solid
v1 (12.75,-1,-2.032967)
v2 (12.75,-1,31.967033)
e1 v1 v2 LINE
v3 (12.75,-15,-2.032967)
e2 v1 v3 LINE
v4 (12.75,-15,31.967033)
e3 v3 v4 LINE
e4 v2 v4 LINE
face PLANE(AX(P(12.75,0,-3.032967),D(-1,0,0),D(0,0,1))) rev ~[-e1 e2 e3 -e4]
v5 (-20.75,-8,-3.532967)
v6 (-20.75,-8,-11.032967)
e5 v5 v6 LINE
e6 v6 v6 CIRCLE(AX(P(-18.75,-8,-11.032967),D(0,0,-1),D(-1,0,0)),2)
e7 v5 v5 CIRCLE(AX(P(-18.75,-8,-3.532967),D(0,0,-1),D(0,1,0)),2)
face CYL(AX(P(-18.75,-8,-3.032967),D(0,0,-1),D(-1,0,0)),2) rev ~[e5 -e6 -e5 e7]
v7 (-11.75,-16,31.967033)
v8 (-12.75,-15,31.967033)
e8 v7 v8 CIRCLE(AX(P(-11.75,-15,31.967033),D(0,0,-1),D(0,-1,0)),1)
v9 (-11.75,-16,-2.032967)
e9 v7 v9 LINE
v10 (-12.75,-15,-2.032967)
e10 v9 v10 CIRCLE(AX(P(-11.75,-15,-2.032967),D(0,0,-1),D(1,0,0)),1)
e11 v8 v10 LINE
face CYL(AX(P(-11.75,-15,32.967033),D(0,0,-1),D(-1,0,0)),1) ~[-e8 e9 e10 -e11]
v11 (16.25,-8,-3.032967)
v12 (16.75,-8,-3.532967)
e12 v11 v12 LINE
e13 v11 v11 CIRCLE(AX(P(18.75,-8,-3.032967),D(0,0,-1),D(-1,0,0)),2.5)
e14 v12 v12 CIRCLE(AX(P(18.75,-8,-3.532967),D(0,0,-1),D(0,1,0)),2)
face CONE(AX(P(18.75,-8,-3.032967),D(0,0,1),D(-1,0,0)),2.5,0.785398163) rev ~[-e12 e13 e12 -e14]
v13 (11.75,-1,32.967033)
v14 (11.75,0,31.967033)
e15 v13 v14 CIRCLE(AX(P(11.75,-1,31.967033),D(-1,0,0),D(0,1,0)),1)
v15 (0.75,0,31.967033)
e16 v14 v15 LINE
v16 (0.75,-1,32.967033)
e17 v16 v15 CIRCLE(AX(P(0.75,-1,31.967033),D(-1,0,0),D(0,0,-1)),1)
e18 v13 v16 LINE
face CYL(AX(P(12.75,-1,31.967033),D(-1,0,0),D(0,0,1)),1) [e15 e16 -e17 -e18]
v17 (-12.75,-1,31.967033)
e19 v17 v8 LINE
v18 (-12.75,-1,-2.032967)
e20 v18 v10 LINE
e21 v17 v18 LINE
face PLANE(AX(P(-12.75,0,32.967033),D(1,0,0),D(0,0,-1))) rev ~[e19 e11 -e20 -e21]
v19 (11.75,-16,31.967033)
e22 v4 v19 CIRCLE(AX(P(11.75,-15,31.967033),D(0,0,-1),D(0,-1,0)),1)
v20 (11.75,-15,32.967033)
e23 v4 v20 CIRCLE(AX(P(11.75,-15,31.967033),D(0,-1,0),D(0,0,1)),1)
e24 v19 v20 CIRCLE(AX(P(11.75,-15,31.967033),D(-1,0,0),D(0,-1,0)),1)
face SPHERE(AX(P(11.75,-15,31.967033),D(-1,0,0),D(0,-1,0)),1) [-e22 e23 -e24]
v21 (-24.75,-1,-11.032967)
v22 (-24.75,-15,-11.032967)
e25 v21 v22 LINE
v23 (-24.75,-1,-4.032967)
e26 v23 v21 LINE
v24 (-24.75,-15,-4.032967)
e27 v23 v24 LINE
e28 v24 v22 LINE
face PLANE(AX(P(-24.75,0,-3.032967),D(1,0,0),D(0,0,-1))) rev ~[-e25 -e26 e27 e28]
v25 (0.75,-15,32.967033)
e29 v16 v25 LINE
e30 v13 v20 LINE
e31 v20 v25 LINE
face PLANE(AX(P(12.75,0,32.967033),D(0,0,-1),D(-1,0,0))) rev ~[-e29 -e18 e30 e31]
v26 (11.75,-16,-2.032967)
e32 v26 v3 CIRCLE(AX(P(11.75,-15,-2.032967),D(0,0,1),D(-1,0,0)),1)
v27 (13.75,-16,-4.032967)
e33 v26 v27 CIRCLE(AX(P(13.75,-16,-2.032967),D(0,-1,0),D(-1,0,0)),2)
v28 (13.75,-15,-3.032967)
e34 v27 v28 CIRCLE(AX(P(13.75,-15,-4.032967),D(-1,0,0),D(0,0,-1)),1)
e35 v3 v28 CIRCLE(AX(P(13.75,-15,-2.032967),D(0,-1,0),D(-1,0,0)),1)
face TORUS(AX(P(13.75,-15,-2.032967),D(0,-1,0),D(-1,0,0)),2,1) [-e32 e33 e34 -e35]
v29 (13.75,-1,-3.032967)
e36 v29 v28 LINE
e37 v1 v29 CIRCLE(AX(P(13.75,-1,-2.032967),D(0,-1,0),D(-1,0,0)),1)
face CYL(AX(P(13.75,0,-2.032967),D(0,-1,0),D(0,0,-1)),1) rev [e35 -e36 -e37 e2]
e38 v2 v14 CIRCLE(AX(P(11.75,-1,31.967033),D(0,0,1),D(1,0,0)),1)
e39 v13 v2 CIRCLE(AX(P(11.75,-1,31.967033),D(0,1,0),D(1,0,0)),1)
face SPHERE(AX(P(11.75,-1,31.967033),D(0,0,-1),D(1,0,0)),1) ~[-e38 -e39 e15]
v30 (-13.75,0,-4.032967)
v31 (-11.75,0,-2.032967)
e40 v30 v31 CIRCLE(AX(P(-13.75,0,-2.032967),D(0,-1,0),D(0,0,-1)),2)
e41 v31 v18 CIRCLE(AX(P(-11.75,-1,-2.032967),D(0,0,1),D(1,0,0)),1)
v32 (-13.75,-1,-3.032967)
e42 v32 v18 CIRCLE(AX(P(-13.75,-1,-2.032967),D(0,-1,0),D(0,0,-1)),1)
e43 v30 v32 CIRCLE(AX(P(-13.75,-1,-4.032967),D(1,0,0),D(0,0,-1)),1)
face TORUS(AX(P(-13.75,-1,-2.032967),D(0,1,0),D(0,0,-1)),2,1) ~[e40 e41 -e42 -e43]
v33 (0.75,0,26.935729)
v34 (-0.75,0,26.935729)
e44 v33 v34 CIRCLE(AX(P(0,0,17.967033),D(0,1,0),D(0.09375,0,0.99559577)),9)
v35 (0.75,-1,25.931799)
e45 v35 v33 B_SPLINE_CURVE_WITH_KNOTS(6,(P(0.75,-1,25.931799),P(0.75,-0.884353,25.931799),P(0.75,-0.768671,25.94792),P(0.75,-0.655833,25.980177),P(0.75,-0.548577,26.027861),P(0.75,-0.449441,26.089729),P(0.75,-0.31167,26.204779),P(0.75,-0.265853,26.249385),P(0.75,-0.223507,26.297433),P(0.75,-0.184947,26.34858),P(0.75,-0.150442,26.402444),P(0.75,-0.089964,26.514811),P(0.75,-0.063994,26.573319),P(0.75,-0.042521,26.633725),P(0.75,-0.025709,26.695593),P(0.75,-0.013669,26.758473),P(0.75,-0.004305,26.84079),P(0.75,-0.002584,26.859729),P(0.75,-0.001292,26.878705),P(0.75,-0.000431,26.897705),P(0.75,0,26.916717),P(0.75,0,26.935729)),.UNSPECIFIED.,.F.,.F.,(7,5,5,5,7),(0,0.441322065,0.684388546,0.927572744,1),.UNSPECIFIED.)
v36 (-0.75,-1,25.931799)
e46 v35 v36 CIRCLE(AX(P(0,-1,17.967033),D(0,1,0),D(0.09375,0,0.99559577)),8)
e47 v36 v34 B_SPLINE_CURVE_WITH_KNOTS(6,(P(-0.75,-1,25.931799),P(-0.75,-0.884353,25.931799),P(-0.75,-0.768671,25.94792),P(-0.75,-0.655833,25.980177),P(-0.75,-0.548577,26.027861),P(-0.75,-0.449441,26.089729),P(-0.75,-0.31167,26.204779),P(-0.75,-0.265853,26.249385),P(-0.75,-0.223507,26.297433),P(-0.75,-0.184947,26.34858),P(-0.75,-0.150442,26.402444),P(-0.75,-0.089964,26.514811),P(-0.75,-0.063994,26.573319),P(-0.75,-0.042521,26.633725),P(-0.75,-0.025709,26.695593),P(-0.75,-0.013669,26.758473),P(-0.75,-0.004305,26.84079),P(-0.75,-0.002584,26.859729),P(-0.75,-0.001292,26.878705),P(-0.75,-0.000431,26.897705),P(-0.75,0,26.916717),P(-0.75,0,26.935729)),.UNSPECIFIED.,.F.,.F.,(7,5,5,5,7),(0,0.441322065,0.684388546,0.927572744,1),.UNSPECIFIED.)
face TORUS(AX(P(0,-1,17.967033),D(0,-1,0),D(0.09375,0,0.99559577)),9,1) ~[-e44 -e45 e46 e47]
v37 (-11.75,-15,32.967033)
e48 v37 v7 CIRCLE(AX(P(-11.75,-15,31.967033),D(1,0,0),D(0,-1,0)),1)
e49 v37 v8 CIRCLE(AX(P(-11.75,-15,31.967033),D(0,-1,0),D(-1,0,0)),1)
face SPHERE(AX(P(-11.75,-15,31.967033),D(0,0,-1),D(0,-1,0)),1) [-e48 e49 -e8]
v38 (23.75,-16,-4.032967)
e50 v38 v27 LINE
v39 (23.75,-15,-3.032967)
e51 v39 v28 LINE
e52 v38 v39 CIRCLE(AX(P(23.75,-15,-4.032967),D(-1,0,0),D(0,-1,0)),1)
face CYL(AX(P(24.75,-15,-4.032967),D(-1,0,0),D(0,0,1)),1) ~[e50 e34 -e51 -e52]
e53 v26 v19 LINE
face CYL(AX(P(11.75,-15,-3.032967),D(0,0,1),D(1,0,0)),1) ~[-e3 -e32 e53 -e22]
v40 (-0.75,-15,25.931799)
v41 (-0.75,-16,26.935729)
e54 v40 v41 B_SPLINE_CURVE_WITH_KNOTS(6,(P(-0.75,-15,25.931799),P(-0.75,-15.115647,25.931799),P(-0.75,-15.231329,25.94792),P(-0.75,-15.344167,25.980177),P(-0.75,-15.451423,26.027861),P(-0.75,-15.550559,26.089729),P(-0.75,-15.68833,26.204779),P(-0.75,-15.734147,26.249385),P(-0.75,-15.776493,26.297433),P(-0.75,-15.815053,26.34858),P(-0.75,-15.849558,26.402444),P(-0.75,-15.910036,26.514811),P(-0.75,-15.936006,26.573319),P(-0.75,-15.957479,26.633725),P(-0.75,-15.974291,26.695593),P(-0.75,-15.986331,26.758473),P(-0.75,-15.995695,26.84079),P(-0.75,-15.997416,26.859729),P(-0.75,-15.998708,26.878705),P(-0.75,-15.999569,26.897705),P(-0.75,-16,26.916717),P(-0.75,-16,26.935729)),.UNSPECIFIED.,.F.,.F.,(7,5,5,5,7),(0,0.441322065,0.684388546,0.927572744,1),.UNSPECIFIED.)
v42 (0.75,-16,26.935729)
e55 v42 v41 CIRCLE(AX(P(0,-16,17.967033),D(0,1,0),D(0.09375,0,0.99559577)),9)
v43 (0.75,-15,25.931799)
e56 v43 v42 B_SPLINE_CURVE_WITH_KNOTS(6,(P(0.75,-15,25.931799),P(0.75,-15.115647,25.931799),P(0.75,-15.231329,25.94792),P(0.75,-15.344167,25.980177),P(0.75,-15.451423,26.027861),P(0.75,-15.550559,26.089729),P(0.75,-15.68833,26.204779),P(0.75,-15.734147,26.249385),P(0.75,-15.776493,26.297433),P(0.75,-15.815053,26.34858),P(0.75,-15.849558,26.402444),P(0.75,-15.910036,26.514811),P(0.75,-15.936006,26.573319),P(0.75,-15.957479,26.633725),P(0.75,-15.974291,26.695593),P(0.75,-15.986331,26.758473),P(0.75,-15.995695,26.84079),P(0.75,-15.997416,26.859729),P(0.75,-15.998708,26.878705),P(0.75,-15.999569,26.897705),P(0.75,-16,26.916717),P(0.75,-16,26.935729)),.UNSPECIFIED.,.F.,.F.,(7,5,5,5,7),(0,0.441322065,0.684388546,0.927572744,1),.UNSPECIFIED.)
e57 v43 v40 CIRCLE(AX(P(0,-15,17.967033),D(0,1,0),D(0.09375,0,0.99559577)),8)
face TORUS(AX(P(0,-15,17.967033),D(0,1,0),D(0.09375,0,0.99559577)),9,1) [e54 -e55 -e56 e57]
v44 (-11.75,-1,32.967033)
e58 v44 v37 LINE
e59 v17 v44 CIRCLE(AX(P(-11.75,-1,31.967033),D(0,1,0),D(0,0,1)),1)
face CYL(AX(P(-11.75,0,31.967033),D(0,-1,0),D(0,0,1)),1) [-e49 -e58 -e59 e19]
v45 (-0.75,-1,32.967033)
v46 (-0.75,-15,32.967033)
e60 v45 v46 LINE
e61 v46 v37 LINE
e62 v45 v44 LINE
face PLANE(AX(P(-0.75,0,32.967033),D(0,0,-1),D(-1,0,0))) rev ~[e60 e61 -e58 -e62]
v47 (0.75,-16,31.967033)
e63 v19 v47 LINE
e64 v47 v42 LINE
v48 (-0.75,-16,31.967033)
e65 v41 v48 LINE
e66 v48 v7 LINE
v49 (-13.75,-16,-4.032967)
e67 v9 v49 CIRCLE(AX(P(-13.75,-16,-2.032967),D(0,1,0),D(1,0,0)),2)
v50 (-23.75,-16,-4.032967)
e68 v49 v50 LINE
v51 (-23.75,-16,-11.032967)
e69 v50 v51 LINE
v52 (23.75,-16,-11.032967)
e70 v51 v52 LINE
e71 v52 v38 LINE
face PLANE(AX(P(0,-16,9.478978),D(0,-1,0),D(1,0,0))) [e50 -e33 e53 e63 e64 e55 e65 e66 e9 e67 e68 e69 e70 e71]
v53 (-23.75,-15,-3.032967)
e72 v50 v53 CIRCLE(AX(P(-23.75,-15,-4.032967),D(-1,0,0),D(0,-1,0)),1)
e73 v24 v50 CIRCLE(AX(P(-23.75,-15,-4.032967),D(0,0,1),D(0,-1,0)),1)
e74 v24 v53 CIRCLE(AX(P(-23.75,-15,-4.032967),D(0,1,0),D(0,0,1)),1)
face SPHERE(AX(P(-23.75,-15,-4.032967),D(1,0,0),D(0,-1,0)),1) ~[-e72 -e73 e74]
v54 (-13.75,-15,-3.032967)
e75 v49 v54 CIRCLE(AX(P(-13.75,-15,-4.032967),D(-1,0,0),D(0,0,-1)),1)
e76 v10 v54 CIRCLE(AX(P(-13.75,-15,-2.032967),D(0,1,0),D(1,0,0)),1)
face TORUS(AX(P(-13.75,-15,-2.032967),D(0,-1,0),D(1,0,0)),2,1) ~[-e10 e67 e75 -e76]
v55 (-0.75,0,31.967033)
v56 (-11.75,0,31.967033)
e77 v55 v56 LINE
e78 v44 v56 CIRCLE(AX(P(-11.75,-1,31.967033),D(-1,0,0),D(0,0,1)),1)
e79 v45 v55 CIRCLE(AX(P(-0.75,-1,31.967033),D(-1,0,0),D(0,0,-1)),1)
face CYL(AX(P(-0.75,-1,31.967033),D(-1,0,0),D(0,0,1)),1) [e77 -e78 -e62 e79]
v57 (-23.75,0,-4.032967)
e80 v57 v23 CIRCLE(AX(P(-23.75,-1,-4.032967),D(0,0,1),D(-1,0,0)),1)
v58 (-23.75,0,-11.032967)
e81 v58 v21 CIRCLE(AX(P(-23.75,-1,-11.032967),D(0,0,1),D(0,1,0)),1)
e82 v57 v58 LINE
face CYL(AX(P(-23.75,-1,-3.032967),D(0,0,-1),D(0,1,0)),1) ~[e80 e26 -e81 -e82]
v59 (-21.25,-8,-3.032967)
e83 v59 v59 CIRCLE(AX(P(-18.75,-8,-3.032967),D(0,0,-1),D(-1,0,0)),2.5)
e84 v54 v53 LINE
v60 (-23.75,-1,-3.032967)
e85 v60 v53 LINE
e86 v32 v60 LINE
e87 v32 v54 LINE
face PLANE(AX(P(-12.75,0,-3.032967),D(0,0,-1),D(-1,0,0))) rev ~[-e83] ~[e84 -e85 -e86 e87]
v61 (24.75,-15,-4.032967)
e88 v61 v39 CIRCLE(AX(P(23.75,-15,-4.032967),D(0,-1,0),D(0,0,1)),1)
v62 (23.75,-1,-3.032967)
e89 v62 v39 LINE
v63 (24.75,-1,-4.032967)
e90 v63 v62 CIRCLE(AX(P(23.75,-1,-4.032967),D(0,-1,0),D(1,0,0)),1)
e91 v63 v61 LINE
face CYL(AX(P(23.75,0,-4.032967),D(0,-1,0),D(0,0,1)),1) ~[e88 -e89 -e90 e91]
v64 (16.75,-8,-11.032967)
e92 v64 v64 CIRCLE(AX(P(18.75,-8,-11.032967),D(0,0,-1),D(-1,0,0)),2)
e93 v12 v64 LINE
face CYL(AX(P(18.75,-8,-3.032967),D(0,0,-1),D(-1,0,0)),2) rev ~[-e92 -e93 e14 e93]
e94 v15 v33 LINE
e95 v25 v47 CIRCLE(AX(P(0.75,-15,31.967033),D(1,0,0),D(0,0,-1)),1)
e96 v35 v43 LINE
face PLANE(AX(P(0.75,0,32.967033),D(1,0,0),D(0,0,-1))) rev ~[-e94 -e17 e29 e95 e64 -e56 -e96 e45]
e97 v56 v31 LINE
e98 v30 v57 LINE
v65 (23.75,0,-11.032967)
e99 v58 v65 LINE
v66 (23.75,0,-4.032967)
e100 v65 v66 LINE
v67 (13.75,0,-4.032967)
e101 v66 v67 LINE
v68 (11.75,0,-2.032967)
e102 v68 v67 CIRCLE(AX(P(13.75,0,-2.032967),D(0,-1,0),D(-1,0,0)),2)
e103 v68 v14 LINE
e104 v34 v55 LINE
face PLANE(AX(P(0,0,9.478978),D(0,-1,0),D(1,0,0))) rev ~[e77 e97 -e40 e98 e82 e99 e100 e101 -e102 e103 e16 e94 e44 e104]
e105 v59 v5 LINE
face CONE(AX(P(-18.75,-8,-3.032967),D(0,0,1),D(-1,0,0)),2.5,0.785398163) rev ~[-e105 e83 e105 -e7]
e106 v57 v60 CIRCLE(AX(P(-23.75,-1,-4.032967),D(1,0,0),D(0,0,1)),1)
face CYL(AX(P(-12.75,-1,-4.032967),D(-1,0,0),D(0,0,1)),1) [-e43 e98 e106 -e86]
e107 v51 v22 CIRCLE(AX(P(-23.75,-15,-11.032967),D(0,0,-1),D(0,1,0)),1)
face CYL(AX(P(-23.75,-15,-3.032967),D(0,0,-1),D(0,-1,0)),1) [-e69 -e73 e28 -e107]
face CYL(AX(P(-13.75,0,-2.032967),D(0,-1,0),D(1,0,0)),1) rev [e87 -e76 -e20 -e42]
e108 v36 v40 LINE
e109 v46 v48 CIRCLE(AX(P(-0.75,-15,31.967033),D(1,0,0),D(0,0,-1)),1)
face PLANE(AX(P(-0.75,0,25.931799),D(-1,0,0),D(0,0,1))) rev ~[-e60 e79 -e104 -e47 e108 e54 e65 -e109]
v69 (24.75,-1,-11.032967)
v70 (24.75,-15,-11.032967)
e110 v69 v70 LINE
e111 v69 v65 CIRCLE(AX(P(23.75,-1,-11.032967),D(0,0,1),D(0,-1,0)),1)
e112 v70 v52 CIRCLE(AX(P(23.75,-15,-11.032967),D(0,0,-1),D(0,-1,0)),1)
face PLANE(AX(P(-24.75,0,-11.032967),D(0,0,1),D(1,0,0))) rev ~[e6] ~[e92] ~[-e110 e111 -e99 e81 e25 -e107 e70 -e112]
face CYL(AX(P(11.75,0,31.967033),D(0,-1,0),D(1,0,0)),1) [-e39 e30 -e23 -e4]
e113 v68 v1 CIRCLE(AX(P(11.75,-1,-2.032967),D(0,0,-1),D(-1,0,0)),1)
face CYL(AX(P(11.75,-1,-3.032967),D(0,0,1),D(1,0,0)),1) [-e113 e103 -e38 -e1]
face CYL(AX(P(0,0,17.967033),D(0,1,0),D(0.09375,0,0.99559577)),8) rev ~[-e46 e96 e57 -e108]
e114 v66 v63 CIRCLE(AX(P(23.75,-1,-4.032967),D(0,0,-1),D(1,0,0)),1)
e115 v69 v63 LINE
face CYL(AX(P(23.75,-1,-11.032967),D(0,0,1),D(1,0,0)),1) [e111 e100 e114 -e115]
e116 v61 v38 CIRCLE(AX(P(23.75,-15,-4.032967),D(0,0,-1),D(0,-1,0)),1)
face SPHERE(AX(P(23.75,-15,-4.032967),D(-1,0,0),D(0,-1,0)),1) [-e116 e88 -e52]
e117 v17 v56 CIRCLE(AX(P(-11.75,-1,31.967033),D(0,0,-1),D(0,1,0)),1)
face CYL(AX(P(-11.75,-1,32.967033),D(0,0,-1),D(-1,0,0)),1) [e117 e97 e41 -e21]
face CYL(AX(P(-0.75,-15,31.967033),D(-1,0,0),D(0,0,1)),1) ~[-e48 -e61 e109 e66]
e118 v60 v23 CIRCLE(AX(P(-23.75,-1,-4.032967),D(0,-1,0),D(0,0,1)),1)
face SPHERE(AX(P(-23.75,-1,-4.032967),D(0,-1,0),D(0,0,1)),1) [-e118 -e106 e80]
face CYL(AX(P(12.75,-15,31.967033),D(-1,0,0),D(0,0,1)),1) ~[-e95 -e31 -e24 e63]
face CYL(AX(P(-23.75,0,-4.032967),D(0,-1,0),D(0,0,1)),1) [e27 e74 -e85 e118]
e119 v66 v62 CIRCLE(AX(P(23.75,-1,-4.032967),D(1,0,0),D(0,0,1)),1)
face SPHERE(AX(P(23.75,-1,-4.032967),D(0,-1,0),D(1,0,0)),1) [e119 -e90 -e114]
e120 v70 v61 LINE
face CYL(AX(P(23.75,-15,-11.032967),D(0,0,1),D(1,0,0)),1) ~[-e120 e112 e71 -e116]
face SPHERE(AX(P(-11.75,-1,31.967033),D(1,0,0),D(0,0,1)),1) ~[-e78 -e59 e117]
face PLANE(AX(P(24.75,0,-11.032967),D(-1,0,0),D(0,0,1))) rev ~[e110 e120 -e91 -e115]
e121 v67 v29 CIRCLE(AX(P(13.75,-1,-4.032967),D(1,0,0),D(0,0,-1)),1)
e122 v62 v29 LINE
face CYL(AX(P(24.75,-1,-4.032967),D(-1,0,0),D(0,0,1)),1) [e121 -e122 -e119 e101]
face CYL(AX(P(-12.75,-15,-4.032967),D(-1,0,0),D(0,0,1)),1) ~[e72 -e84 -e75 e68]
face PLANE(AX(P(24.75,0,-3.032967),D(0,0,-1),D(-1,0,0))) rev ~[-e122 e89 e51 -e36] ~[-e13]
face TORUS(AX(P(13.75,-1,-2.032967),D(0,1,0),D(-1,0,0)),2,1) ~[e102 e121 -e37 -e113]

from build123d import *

# Parameters (mm, degrees)
F2_DEPTH       = 16
F4_D           = 4
F4_CSINK_D     = 5
F4_CSINK_ANGLE = 90
F5_R           = 1


with BuildPart() as f2:
    # F1 (on Front) → F2 (new body)
    with BuildSketch(Plane.XZ):
        with BuildLine():
            Line((-24.75, -11.0329669204), (24.75, -11.0329669204))
            Line((24.75, -11.0329669204), (24.75, -3.0329669204))
            Line((24.75, -3.0329669204), (12.75, -3.0329669204))
            Line((12.75, -3.0329669204), (12.75, 32.9670330796))
            Line((12.75, 32.9670330796), (0.75, 32.9670330796))
            Line((0.75, 32.9670330796), (0.75, 25.9317992406))
            ThreePointArc((0.75, 25.9317992406), (0, 9.9670330796), (-0.75, 25.9317992406))
            Line((-0.75, 25.9317992406), (-0.75, 32.9670330796))
            Line((-0.75, 32.9670330796), (-12.75, 32.9670330796))
            Line((-12.75, 32.9670330796), (-12.75, -3.0329669204))
            Line((-12.75, -3.0329669204), (-24.75, -3.0329669204))
            Line((-24.75, -3.0329669204), (-24.75, -11.0329669204))
        make_face()
    extrude(amount=F2_DEPTH)

    # F4 (through all)
    with Locations(Plane.XY.offset(-3.0329669204)):
        with Locations((-18.75, -8), (18.75, -8)):
            CounterSinkHole(F4_D / 2, F4_CSINK_D / 2, counter_sink_angle=F4_CSINK_ANGLE)

    # F5
    f5_edges = [f2.edges().sort_by_distance(p)[0] for p in [
        (-12.75, -16, 14.967033),
        (-6.75, -16, 32.967033),
        (6.75, -16, 32.967033),
        (12.75, -16, 14.967033),
        (18.75, -16, -3.032967),
        (24.75, -16, -7.032967),
        (24.75, -8, -3.032967),
        (24.75, 0, -7.032967),
        (18.75, 0, -3.032967),
        (12.75, -8, -3.032967),
        (12.75, 0, 14.967033),
        (12.75, -8, 32.967033),
        (6.75, 0, 32.967033),
        (-6.75, 0, 32.967033),
        (-12.75, -8, 32.967033),
        (-18.75, -16, -3.032967),
        (-24.75, -16, -7.032967),
        (-24.75, -8, -3.032967),
        (0, -16, 9.967033),
        (-12.75, 0, 14.967033),
        (0, 0, 9.967033),
        (-12.75, -8, -3.032967),
        (-18.75, 0, -3.032967),
        (-24.75, 0, -7.032967),
    ]]
    fillet(f5_edges, radius=F5_R)


solid = f2.part
